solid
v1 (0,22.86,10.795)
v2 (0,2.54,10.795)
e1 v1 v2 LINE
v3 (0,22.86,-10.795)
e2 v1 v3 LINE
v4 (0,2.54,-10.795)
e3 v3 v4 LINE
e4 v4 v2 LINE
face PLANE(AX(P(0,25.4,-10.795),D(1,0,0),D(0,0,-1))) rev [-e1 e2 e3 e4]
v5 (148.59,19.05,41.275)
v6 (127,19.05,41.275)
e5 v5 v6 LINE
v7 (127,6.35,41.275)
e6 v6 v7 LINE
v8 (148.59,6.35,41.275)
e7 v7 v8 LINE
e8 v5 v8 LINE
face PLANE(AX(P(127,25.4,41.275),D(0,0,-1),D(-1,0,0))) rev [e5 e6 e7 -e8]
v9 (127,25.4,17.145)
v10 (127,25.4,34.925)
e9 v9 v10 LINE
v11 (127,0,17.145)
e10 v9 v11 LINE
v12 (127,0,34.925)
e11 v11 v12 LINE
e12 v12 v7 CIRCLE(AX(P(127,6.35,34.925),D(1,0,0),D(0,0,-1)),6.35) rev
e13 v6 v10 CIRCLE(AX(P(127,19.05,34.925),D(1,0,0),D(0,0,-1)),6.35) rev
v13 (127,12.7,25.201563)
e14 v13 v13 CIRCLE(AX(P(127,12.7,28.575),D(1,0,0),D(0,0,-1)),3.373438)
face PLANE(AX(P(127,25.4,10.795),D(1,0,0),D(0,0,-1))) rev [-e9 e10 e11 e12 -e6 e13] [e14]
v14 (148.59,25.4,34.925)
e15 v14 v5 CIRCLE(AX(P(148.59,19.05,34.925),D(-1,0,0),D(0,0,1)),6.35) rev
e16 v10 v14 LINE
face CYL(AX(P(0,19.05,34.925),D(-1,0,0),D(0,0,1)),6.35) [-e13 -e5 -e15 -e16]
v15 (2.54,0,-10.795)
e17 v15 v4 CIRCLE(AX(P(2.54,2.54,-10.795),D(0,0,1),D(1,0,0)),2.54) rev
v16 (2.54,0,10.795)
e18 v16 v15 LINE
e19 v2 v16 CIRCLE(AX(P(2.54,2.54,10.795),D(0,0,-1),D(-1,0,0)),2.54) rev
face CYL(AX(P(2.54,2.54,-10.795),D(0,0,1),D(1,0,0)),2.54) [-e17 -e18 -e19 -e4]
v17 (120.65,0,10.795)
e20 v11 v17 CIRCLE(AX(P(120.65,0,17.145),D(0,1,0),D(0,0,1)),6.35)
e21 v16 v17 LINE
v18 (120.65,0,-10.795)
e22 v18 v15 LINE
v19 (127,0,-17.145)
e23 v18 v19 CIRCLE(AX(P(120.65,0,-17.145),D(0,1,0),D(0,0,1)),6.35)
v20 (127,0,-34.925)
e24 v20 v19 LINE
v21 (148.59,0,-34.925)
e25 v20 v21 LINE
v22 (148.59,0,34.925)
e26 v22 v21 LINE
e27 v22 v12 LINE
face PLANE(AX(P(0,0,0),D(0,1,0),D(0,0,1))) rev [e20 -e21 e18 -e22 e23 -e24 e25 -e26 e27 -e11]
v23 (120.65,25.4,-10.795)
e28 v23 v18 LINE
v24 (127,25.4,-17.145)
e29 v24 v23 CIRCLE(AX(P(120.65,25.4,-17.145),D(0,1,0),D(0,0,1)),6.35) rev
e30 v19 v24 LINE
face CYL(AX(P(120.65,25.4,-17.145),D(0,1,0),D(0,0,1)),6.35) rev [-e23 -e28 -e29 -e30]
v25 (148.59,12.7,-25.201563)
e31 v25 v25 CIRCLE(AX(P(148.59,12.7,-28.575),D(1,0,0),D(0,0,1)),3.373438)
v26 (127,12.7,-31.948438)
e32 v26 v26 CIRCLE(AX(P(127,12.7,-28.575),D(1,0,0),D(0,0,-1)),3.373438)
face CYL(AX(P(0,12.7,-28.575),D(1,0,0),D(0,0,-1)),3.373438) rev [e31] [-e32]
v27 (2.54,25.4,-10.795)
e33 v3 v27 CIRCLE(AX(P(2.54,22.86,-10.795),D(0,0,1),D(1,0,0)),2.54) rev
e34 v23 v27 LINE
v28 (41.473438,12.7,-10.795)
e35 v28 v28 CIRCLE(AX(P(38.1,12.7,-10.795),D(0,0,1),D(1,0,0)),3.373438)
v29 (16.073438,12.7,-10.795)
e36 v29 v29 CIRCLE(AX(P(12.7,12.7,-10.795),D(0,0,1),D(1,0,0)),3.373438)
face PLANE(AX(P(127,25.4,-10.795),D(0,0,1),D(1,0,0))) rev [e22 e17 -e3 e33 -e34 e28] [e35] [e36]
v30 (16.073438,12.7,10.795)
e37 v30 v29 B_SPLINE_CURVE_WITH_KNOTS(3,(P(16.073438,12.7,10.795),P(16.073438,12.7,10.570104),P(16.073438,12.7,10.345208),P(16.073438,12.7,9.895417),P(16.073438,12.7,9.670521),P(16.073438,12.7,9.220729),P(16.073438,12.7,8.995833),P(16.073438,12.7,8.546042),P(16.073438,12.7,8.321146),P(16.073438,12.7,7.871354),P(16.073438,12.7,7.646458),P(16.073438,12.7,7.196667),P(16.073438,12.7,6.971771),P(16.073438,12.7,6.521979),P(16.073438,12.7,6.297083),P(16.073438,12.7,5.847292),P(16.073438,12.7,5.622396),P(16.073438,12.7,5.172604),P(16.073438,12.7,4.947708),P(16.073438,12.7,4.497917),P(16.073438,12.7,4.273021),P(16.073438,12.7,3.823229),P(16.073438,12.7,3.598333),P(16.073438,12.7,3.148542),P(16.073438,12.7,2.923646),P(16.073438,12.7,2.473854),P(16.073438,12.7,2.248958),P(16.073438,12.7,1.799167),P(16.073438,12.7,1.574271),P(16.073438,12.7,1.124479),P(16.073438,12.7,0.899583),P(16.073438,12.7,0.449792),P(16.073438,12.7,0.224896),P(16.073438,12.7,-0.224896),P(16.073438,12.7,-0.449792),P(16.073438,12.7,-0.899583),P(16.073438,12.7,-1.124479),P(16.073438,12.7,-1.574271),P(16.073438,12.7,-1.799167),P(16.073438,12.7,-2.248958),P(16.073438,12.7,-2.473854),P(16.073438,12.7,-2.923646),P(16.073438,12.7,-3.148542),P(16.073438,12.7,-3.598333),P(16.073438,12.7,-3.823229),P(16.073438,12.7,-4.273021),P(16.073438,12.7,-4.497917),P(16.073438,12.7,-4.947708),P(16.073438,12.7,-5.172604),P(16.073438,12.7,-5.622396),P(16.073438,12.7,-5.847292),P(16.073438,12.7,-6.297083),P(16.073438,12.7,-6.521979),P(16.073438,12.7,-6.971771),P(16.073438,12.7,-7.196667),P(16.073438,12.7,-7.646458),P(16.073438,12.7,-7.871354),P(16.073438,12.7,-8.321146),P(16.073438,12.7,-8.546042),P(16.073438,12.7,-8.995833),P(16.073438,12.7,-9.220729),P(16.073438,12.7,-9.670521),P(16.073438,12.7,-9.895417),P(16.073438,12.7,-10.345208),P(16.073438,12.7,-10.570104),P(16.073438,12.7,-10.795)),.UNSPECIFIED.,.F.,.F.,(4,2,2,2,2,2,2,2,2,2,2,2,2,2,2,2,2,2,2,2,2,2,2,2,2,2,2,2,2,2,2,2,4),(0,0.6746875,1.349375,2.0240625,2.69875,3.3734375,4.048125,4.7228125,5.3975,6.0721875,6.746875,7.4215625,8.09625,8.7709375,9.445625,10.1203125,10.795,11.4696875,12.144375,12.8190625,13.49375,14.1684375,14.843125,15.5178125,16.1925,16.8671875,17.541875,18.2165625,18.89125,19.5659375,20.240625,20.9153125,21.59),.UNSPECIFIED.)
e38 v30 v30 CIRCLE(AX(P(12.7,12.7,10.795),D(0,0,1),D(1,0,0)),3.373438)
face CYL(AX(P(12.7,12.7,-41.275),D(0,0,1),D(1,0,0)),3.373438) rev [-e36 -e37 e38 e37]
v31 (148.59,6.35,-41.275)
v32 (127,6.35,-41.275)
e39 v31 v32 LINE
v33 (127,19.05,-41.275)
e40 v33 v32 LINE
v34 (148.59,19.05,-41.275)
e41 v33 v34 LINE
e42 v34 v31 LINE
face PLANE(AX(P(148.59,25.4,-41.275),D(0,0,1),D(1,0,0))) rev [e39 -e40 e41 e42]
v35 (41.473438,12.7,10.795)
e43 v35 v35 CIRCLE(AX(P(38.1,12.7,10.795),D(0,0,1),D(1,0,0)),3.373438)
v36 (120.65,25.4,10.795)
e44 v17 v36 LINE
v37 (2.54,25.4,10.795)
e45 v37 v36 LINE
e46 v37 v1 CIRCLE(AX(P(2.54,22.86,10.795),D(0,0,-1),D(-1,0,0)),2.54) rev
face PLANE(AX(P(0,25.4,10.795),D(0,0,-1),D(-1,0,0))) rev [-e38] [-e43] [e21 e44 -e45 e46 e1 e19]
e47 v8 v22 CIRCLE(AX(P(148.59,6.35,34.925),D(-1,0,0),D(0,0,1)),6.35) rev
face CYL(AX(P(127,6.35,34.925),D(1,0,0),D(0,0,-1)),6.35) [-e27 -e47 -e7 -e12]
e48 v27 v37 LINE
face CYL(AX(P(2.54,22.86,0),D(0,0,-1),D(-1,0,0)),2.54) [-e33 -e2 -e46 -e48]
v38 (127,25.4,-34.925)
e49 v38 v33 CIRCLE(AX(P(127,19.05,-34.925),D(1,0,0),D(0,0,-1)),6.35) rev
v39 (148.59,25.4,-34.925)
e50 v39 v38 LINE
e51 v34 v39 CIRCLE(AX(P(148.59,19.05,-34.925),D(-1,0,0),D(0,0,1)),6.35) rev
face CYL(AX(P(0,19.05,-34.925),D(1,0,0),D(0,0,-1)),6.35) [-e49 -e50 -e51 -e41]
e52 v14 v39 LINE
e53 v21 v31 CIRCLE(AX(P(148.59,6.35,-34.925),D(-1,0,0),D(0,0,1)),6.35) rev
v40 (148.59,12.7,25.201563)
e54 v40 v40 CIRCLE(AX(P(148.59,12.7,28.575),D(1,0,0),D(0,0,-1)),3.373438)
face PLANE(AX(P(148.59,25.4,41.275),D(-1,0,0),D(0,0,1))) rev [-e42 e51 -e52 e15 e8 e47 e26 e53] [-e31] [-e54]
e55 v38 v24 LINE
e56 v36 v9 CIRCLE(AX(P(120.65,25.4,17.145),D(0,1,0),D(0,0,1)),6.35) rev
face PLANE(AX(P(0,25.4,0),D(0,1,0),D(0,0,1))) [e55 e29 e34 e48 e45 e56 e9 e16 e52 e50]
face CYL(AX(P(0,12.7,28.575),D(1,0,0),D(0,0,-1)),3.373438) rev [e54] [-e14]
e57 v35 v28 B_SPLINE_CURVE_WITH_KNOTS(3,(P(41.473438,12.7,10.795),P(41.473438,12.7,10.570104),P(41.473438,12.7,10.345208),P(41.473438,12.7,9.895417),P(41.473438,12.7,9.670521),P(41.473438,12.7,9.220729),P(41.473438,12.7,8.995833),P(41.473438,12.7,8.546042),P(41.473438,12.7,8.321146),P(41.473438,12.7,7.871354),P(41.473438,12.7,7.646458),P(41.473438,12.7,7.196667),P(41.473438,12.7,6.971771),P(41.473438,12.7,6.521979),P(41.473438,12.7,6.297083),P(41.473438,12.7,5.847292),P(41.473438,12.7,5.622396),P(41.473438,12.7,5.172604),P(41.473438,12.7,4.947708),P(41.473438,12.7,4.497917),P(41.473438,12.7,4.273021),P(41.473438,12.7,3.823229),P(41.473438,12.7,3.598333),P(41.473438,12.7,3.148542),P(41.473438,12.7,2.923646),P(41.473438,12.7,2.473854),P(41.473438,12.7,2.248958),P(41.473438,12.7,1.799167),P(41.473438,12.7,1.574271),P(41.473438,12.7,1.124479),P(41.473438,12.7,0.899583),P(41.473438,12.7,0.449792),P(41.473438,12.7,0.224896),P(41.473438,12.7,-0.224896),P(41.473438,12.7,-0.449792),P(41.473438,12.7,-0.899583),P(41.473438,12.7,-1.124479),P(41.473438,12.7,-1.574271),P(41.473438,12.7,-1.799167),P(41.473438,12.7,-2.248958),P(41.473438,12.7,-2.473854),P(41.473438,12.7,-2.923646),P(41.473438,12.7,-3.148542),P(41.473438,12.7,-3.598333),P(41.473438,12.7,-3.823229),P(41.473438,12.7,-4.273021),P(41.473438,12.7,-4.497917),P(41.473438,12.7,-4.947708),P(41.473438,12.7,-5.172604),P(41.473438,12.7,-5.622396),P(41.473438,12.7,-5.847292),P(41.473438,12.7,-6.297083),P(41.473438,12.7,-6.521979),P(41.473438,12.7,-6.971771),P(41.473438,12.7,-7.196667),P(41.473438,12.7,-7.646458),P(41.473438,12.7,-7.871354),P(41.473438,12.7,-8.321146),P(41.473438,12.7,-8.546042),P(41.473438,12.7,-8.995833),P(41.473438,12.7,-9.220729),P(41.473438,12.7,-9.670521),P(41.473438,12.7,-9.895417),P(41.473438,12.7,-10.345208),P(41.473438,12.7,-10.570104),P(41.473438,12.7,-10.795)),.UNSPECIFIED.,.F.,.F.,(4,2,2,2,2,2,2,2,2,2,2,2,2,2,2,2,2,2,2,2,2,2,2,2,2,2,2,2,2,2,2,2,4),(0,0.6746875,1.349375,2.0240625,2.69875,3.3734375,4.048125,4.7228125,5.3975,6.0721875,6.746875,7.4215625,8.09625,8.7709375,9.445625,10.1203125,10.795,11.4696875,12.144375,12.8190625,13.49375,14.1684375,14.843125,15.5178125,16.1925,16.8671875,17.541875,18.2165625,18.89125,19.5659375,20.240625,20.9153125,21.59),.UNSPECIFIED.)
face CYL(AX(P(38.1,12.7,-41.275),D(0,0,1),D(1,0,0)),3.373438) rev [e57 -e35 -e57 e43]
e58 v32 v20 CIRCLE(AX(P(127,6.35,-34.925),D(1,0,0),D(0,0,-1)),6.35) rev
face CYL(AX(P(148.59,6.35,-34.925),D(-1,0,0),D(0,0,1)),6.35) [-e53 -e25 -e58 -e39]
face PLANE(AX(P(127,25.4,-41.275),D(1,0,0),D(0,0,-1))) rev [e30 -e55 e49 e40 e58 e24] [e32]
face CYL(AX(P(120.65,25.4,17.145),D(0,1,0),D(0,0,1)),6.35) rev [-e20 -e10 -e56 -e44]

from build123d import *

# Parameters (mm, degrees)
BOSS_EXTRUDE1_DEPTH = 25.4
FILLET1_R           = 6.35
SKETCH2_R           = 3.3734375
CUT_EXTRUDE1_DEPTH  = 160.484898972
SKETCH3_R           = 3.3734375
CUT_EXTRUDE2_DEPTH  = 157.293869761
FILLET2_R           = 6.35
FILLET3_R           = 2.54


with BuildPart() as part:
    # Sketch1 → Boss-Extrude1 (new body)
    with BuildSketch(Plane(origin=(0, 0, 0), x_dir=(1, 0, 0), z_dir=(0, 1, 0))):
        Polygon((0, 10.795), (0, -10.795), (127, -10.795), (127, -41.275), (148.59, -41.275), (148.59, 41.275), (127, 41.275), (127, 10.795), align=None)
    extrude(amount=BOSS_EXTRUDE1_DEPTH)

    # Fillet1
    fillet1_edges = [part.edges().sort_by_distance(p)[0] for p in [
        (127, 12.7, -10.795),
        (127, 12.7, 10.795),
    ]]
    fillet(fillet1_edges, radius=FILLET1_R)

    # Sketch2 → Cut-Extrude1 (cut, through all)
    with BuildSketch(Plane.XY.offset(10.795)):
        with Locations((12.7, 12.7)):
            Circle(SKETCH2_R)
        with Locations((38.1, 12.7)):
            Circle(SKETCH2_R)
    extrude(amount=-CUT_EXTRUDE1_DEPTH, mode=Mode.SUBTRACT)

    # Sketch3 → Cut-Extrude2 (cut, through all)
    with BuildSketch(Plane(origin=(148.59, 0, 0), x_dir=(0, 0, -1), z_dir=(1, 0, 0))):
        with Locations((-28.575, 12.7)):
            Circle(SKETCH3_R)
        with Locations((28.575, 12.7)):
            Circle(SKETCH3_R)
    extrude(amount=-CUT_EXTRUDE2_DEPTH, mode=Mode.SUBTRACT)

    # Fillet2
    fillet2_edges = [part.edges().sort_by_distance(p)[0] for p in [
        (137.795, 25.4, 41.275),
        (137.795, 25.4, -41.275),
        (137.795, 0, -41.275),
        (137.795, 0, 41.275),
    ]]
    fillet(fillet2_edges, radius=FILLET2_R)

    # Fillet3
    fillet3_edges = [part.edges().sort_by_distance(p)[0] for p in [
        (0, 0, 0),
        (0, 25.4, 0),
    ]]
    fillet(fillet3_edges, radius=FILLET3_R)


solid = part.part
